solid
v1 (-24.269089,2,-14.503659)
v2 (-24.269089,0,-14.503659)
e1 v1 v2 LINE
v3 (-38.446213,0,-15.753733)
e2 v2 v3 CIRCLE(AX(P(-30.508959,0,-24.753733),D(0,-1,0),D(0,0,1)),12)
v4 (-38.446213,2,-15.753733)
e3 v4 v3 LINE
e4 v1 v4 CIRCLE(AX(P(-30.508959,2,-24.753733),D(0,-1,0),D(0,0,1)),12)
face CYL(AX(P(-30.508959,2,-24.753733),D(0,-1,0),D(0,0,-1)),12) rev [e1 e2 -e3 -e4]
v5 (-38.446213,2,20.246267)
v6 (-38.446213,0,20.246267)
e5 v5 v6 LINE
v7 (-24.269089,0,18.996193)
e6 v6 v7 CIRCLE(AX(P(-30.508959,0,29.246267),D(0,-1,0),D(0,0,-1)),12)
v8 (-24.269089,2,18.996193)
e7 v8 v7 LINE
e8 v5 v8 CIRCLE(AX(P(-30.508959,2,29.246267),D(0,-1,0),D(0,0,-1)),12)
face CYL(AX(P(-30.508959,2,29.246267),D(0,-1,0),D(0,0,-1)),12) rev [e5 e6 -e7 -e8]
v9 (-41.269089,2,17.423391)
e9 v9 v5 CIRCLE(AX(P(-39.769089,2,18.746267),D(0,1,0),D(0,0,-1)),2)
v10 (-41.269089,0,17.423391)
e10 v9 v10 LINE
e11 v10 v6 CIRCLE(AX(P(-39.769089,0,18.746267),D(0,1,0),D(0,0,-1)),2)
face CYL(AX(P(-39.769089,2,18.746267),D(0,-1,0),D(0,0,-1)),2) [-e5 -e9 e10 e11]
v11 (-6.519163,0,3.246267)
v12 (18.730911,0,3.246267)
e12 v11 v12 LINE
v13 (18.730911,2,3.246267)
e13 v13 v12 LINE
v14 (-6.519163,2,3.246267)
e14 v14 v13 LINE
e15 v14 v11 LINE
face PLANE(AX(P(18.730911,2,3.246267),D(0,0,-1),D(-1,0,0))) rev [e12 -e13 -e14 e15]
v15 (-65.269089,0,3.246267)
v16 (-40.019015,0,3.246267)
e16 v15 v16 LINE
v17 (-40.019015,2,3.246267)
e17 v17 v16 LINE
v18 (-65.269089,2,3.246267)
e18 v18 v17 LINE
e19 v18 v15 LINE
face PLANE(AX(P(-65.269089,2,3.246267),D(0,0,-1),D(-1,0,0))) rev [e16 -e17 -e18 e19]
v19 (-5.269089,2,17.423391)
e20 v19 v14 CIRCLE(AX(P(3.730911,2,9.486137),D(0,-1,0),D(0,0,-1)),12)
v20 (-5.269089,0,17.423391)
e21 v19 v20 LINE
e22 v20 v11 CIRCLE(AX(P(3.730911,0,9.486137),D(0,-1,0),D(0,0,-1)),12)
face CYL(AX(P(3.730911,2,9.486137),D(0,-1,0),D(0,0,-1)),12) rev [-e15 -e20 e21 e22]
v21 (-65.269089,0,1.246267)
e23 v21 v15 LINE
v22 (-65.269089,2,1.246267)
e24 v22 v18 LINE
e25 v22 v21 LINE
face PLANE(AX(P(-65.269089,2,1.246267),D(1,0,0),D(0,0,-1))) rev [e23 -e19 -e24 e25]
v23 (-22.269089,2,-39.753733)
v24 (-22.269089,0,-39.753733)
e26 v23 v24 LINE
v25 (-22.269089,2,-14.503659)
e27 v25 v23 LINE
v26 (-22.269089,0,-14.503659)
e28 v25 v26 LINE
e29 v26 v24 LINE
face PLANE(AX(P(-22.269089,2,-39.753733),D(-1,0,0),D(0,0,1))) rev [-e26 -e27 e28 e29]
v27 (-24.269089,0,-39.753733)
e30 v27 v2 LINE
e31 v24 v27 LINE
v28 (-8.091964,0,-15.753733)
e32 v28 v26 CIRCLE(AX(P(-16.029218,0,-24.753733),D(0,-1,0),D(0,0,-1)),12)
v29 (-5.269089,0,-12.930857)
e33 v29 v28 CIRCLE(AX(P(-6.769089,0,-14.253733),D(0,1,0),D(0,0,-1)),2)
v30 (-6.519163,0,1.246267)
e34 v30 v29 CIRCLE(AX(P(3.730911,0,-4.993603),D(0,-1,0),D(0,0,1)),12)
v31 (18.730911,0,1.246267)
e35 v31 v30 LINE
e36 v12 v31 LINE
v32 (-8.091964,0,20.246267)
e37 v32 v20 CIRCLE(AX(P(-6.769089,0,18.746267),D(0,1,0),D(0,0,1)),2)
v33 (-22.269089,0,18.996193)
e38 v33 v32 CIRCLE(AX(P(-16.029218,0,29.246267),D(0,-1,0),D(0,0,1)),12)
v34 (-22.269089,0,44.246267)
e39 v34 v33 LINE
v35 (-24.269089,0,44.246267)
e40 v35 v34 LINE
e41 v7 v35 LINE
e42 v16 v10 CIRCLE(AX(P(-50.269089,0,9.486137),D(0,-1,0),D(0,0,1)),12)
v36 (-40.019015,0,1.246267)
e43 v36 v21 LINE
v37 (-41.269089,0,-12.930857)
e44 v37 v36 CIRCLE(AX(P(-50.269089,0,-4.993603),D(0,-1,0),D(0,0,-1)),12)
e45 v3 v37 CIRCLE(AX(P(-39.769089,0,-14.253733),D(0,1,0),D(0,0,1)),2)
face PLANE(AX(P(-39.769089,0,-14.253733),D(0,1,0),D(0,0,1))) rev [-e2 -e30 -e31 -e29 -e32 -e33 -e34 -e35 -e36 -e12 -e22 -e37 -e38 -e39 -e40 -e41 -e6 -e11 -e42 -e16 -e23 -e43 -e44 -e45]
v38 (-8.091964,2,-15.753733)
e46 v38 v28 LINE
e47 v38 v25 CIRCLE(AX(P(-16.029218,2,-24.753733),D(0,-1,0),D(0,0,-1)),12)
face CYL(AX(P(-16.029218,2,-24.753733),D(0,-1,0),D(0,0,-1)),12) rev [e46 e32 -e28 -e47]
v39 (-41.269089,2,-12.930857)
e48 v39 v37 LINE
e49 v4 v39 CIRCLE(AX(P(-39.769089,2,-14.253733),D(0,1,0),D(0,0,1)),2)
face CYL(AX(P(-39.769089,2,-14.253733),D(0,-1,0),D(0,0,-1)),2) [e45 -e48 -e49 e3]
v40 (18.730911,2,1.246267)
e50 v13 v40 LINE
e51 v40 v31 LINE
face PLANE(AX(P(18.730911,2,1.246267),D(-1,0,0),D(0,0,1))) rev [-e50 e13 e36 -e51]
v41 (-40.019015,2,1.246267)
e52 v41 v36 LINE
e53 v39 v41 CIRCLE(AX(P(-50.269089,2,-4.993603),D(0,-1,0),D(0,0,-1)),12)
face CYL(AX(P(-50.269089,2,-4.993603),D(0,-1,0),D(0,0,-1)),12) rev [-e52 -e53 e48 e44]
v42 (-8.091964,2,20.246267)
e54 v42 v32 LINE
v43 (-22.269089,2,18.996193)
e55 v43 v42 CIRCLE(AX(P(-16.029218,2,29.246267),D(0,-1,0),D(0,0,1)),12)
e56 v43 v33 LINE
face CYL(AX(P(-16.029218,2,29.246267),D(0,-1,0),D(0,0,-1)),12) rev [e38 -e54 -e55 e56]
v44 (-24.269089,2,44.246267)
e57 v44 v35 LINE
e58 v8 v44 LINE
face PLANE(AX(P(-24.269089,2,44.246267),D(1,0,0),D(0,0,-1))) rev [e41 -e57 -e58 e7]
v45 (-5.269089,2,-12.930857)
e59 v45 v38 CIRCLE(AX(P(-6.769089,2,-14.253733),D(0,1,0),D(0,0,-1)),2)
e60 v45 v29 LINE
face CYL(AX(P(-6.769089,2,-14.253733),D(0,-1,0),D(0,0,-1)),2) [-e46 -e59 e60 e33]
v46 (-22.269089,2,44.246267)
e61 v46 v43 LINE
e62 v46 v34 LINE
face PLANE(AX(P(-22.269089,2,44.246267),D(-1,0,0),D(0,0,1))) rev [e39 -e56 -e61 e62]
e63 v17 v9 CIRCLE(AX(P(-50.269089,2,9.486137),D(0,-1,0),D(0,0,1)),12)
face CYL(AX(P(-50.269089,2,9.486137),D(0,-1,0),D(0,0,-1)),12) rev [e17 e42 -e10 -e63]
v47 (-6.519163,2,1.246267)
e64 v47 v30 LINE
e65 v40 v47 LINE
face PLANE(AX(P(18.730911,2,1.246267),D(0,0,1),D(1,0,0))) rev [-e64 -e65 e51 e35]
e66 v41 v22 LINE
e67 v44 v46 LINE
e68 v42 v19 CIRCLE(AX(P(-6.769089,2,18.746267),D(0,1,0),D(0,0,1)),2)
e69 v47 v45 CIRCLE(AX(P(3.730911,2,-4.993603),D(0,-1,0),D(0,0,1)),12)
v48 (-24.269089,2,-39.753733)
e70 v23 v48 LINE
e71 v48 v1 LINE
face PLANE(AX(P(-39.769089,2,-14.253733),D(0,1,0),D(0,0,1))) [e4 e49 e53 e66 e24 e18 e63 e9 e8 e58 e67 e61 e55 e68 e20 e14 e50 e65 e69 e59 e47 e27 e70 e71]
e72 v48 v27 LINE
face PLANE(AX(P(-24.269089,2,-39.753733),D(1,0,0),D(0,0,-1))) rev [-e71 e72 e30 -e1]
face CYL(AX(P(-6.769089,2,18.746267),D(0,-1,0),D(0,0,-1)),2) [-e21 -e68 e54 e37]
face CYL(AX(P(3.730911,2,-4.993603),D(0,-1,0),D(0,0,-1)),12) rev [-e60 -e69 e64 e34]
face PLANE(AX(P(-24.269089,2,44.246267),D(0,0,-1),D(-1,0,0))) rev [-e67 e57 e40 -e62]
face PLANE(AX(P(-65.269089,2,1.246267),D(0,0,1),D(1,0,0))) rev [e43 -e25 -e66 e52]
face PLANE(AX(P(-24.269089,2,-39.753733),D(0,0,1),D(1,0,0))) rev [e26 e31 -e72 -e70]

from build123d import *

# Parameters (mm, degrees)
BOSS_EXTRUDE1_DEPTH = 2


with BuildPart() as part:
    # Sketch1 → Boss-Extrude1 (new body)
    with BuildSketch(Plane(origin=(0, 0, 0), x_dir=(1, 0, 0), z_dir=(0, 1, 0))):
        with BuildLine():
            Line((-65.26908877, -1.246266978), (-65.26908877, -3.246266978))
            Line((-65.26908877, -3.246266978), (-40.019014758, -3.246266978))
            ThreePointArc((-40.019014758, -3.246266978), (-38.315467936, -10.540153027), (-41.26908877, -17.423391323))
            ThreePointArc((-41.26908877, -17.423391323), (-41.183302332, -20.160480541), (-38.446213114, -20.246266978))
            ThreePointArc((-38.446213114, -20.246266978), (-31.562974818, -17.292646145), (-24.26908877, -18.996192966))
            Line((-24.26908877, -18.996192966), (-24.26908877, -44.246266978))
            Line((-24.26908877, -44.246266978), (-22.26908877, -44.246266978))
            Line((-22.26908877, -44.246266978), (-22.26908877, -18.996192966))
            ThreePointArc((-22.26908877, -18.996192966), (-14.975202721, -17.292646145), (-8.091964425, -20.246266978))
            ThreePointArc((-8.091964425, -20.246266978), (-5.354875207, -20.160480541), (-5.26908877, -17.423391323))
            ThreePointArc((-5.26908877, -17.423391323), (-8.222709603, -10.540153027), (-6.519162781, -3.246266978))
            Line((-6.519162781, -3.246266978), (18.73091123, -3.246266978))
            Line((18.73091123, -3.246266978), (18.73091123, -1.246266978))
            Line((18.73091123, -1.246266978), (-6.519162781, -1.246266978))
            ThreePointArc((-6.519162781, -1.246266978), (-8.222709603, 6.04761907), (-5.26908877, 12.930857366))
            ThreePointArc((-5.26908877, 12.930857366), (-5.354875207, 15.667946584), (-8.091964425, 15.753733022))
            ThreePointArc((-8.091964425, 15.753733022), (-14.975202721, 12.800112188), (-22.26908877, 14.50365901))
            Line((-22.26908877, 14.50365901), (-22.26908877, 39.753733022))
            Line((-22.26908877, 39.753733022), (-24.26908877, 39.753733022))
            Line((-24.26908877, 39.753733022), (-24.26908877, 14.50365901))
            ThreePointArc((-24.26908877, 14.50365901), (-31.562974818, 12.800112188), (-38.446213114, 15.753733022))
            ThreePointArc((-38.446213114, 15.753733022), (-41.183302332, 15.667946584), (-41.26908877, 12.930857366))
            ThreePointArc((-41.26908877, 12.930857366), (-38.315467936, 6.04761907), (-40.019014758, -1.246266978))
            Line((-40.019014758, -1.246266978), (-65.26908877, -1.246266978))
        make_face()
    extrude(amount=BOSS_EXTRUDE1_DEPTH)


solid = part.part
